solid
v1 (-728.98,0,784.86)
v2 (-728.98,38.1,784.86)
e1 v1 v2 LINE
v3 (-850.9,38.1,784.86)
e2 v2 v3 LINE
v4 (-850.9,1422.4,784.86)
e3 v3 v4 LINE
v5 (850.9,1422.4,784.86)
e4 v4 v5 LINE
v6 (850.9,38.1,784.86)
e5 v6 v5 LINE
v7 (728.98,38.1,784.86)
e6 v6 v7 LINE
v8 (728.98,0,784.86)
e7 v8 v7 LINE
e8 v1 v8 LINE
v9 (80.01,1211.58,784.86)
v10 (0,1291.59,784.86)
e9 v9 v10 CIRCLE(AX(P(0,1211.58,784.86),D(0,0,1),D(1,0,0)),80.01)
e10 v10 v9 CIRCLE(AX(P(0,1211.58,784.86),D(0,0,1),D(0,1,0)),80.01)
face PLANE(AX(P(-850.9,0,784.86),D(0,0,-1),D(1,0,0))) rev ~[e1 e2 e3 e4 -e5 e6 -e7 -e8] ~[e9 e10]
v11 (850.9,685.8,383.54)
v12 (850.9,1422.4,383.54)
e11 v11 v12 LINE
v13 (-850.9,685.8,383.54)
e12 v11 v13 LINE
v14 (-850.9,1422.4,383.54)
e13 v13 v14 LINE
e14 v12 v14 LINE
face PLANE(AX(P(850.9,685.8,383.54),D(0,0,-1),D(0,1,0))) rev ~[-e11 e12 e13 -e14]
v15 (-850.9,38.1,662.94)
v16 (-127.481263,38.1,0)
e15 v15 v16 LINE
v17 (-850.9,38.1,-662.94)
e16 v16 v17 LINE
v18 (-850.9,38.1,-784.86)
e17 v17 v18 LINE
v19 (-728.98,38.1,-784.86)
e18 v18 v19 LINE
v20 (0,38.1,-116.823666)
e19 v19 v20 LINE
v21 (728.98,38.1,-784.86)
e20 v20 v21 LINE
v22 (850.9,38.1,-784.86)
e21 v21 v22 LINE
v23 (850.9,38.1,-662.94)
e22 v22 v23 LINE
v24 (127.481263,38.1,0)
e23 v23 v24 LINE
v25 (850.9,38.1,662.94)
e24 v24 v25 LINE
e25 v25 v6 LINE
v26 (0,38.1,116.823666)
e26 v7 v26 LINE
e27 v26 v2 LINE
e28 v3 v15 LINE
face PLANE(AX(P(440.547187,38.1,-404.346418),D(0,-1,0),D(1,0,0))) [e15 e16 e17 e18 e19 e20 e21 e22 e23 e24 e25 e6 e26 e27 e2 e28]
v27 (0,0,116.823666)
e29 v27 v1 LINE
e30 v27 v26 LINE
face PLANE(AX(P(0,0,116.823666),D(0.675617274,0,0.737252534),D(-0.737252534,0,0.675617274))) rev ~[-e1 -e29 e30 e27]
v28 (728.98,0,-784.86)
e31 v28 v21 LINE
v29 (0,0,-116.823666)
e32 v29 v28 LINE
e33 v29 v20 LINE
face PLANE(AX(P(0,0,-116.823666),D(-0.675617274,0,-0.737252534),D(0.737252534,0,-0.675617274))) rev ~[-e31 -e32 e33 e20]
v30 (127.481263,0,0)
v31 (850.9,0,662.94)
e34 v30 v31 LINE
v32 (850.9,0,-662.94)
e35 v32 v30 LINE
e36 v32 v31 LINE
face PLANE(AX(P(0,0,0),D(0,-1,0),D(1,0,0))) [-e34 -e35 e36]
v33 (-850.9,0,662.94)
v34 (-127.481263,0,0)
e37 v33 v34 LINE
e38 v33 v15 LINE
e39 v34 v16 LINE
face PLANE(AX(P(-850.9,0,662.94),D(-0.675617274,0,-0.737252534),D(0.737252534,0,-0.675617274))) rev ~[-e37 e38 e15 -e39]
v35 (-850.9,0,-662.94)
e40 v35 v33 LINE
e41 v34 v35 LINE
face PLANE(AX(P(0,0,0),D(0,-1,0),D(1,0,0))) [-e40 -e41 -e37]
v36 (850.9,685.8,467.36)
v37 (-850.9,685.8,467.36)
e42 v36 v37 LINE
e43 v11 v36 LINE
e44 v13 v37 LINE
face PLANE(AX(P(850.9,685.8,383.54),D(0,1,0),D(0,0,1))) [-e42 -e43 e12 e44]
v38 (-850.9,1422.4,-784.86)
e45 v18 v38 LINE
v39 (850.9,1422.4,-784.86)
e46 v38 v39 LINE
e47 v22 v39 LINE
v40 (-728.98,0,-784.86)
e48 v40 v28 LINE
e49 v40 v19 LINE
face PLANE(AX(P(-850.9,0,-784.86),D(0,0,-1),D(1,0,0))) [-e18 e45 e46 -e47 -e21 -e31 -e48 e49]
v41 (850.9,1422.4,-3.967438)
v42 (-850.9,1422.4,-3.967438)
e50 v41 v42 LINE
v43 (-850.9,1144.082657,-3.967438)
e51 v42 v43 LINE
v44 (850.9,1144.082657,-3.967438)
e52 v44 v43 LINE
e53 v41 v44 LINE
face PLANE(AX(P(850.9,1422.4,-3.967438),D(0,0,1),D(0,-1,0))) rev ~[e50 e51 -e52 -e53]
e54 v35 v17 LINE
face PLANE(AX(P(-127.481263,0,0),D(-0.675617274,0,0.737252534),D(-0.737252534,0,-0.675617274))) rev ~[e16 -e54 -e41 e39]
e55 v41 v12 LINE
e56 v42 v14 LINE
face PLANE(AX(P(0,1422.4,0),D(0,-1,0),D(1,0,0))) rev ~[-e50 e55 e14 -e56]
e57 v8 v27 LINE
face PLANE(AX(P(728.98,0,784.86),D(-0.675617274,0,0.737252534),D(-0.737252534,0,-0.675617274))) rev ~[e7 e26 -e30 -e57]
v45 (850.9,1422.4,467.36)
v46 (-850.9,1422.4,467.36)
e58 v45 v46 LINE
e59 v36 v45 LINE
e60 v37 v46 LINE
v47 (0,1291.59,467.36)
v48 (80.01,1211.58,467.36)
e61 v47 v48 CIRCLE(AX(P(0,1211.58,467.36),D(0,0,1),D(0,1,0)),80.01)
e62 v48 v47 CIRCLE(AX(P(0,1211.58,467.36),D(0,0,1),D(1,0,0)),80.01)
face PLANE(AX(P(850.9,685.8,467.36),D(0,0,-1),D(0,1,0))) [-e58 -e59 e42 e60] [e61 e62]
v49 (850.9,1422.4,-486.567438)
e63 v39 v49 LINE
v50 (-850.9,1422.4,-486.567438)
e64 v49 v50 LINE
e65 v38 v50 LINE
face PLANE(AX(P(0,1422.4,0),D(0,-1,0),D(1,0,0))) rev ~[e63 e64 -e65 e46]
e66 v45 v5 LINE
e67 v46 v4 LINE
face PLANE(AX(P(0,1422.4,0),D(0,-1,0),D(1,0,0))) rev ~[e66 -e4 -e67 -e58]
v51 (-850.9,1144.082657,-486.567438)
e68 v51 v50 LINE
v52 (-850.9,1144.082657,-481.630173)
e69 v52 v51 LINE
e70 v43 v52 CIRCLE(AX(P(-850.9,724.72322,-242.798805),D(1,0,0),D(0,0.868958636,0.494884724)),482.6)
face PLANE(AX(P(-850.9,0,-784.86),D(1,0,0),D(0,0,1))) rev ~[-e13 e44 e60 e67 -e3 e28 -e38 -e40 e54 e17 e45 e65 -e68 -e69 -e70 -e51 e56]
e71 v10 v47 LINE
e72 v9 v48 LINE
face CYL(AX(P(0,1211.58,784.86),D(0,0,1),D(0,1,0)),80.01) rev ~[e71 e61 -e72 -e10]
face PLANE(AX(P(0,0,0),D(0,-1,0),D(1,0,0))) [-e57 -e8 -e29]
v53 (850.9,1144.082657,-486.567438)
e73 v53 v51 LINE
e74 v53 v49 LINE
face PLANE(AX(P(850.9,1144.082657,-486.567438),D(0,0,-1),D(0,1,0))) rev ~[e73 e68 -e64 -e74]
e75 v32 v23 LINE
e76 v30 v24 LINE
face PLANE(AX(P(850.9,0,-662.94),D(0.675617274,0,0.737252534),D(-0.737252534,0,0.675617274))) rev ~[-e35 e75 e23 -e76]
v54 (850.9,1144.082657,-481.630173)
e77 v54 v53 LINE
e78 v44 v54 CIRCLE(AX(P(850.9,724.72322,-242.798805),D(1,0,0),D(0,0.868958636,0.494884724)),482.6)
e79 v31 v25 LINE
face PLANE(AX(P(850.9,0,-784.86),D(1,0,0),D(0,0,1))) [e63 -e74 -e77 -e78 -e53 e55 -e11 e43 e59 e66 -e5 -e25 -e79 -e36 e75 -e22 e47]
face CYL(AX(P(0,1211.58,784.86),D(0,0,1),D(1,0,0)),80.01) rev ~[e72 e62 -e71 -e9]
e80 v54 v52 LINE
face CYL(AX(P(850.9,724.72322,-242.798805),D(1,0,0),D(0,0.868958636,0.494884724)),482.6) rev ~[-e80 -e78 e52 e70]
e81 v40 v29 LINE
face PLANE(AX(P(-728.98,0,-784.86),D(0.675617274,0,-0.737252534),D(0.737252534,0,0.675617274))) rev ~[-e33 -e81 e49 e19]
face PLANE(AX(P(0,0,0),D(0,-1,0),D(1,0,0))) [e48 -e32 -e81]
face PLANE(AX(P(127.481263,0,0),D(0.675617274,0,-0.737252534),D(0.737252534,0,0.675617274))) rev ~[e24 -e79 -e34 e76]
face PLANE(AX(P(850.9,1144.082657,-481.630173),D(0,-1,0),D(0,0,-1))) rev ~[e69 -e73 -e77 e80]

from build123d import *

# Parameters (mm, degrees)
F0_W     = 1701.8
F0_H     = 1569.72
F1_DEPTH = 1422.4
F3_DEPTH = 38.1
F5_DEPTH = 317.5
F7_DEPTH = 2110.74
F6_W     = 736.6
F6_H     = 83.82
F8_DEPTH = 3215.64


with BuildPart() as f1:
    # F0 (on Front) → F1 (new body)
    with BuildSketch(Plane.XZ):
        Rectangle(F0_W, F0_H)
    extrude(amount=-F1_DEPTH)

    # F2 (on face) → F3 (cut)
    with BuildSketch(Plane.XZ):
        Polygon((728.98, -784.86), (850.9, -784.86), (850.9, -662.94), (127.4812631579, 0), (0, -116.8236655949), align=None)
        Polygon((-728.98, -784.86), (0, -116.8236655949), (-127.4812631579, 0), (-850.9, -662.94), (-850.9, -784.86), align=None)
        Polygon((0, -116.8236655949), (127.4812631579, 0), (0, 116.8236655949), (-127.4812631579, 0), align=None)
        Polygon((-127.4812631579, 0), (0, 116.8236655949), (-728.98, 784.86), (-850.9, 784.86), (-850.9, 662.94), align=None)
        Polygon((0, 116.8236655949), (127.4812631579, 0), (850.9, 662.94), (850.9, 784.86), (728.98, 784.86), align=None)
    extrude(amount=-F3_DEPTH, mode=Mode.SUBTRACT)

    # F4 (on face) → F5 (cut)
    with BuildSketch(Plane.XY.offset(784.86)):
        with BuildLine():
            ThreePointArc((0, 1291.59), (-56.5756135627, 1155.0043864373), (80.01, 1211.58))
            ThreePointArc((80.01, 1211.58), (56.5756135627, 1268.1556135627), (0, 1291.59))
        make_face()
    extrude(amount=-F5_DEPTH, mode=Mode.SUBTRACT)

    # F6 (on face) → F7 (cut)
    with BuildSketch(Plane.YZ.offset(850.9)):
        with BuildLine():
            ThreePointArc((1207.3232198715, -242.7988052368), (1191.2452582352, -119.2676443058), (1144.0826574141, -3.9674376488))
            Line((1144.0826574141, -3.9674376488), (1144.0826574141, -481.6301728248))
            ThreePointArc((1144.0826574141, -481.6301728248), (1191.2452582352, -366.3299661679), (1207.3232198715, -242.7988052368))
        make_face()
        with BuildLine():
            Line((1144.0826574141, -481.6301728248), (1144.0826574141, -3.9674376488))
            ThreePointArc((1144.0826574141, -3.9674376488), (242.1232198715, -242.7988052368), (1144.0826574141, -481.6301728248))
        make_face()
        with BuildLine():
            Line((1422.4, -486.5674376488), (1422.4, -3.9674376488))
            Line((1422.4, -3.9674376488), (1144.0826574141, -3.9674376488))
            ThreePointArc((1144.0826574141, -3.9674376488), (1191.2452582352, -119.2676443058), (1207.3232198715, -242.7988052368))
            ThreePointArc((1207.3232198715, -242.7988052368), (1191.2452582352, -366.3299661679), (1144.0826574141, -481.6301728248))
            Line((1144.0826574141, -481.6301728248), (1144.0826574141, -486.5674376488))
            Line((1144.0826574141, -486.5674376488), (1422.4, -486.5674376488))
        make_face()
    extrude(amount=-F7_DEPTH, mode=Mode.SUBTRACT)

    # F6 (on face) → F8 (cut)
    with BuildSketch(Plane.YZ.offset(850.9)):
        with Locations((1054.1, 425.45)):
            Rectangle(F6_W, F6_H)
    extrude(amount=-F8_DEPTH, mode=Mode.SUBTRACT)


solid = f1.part
